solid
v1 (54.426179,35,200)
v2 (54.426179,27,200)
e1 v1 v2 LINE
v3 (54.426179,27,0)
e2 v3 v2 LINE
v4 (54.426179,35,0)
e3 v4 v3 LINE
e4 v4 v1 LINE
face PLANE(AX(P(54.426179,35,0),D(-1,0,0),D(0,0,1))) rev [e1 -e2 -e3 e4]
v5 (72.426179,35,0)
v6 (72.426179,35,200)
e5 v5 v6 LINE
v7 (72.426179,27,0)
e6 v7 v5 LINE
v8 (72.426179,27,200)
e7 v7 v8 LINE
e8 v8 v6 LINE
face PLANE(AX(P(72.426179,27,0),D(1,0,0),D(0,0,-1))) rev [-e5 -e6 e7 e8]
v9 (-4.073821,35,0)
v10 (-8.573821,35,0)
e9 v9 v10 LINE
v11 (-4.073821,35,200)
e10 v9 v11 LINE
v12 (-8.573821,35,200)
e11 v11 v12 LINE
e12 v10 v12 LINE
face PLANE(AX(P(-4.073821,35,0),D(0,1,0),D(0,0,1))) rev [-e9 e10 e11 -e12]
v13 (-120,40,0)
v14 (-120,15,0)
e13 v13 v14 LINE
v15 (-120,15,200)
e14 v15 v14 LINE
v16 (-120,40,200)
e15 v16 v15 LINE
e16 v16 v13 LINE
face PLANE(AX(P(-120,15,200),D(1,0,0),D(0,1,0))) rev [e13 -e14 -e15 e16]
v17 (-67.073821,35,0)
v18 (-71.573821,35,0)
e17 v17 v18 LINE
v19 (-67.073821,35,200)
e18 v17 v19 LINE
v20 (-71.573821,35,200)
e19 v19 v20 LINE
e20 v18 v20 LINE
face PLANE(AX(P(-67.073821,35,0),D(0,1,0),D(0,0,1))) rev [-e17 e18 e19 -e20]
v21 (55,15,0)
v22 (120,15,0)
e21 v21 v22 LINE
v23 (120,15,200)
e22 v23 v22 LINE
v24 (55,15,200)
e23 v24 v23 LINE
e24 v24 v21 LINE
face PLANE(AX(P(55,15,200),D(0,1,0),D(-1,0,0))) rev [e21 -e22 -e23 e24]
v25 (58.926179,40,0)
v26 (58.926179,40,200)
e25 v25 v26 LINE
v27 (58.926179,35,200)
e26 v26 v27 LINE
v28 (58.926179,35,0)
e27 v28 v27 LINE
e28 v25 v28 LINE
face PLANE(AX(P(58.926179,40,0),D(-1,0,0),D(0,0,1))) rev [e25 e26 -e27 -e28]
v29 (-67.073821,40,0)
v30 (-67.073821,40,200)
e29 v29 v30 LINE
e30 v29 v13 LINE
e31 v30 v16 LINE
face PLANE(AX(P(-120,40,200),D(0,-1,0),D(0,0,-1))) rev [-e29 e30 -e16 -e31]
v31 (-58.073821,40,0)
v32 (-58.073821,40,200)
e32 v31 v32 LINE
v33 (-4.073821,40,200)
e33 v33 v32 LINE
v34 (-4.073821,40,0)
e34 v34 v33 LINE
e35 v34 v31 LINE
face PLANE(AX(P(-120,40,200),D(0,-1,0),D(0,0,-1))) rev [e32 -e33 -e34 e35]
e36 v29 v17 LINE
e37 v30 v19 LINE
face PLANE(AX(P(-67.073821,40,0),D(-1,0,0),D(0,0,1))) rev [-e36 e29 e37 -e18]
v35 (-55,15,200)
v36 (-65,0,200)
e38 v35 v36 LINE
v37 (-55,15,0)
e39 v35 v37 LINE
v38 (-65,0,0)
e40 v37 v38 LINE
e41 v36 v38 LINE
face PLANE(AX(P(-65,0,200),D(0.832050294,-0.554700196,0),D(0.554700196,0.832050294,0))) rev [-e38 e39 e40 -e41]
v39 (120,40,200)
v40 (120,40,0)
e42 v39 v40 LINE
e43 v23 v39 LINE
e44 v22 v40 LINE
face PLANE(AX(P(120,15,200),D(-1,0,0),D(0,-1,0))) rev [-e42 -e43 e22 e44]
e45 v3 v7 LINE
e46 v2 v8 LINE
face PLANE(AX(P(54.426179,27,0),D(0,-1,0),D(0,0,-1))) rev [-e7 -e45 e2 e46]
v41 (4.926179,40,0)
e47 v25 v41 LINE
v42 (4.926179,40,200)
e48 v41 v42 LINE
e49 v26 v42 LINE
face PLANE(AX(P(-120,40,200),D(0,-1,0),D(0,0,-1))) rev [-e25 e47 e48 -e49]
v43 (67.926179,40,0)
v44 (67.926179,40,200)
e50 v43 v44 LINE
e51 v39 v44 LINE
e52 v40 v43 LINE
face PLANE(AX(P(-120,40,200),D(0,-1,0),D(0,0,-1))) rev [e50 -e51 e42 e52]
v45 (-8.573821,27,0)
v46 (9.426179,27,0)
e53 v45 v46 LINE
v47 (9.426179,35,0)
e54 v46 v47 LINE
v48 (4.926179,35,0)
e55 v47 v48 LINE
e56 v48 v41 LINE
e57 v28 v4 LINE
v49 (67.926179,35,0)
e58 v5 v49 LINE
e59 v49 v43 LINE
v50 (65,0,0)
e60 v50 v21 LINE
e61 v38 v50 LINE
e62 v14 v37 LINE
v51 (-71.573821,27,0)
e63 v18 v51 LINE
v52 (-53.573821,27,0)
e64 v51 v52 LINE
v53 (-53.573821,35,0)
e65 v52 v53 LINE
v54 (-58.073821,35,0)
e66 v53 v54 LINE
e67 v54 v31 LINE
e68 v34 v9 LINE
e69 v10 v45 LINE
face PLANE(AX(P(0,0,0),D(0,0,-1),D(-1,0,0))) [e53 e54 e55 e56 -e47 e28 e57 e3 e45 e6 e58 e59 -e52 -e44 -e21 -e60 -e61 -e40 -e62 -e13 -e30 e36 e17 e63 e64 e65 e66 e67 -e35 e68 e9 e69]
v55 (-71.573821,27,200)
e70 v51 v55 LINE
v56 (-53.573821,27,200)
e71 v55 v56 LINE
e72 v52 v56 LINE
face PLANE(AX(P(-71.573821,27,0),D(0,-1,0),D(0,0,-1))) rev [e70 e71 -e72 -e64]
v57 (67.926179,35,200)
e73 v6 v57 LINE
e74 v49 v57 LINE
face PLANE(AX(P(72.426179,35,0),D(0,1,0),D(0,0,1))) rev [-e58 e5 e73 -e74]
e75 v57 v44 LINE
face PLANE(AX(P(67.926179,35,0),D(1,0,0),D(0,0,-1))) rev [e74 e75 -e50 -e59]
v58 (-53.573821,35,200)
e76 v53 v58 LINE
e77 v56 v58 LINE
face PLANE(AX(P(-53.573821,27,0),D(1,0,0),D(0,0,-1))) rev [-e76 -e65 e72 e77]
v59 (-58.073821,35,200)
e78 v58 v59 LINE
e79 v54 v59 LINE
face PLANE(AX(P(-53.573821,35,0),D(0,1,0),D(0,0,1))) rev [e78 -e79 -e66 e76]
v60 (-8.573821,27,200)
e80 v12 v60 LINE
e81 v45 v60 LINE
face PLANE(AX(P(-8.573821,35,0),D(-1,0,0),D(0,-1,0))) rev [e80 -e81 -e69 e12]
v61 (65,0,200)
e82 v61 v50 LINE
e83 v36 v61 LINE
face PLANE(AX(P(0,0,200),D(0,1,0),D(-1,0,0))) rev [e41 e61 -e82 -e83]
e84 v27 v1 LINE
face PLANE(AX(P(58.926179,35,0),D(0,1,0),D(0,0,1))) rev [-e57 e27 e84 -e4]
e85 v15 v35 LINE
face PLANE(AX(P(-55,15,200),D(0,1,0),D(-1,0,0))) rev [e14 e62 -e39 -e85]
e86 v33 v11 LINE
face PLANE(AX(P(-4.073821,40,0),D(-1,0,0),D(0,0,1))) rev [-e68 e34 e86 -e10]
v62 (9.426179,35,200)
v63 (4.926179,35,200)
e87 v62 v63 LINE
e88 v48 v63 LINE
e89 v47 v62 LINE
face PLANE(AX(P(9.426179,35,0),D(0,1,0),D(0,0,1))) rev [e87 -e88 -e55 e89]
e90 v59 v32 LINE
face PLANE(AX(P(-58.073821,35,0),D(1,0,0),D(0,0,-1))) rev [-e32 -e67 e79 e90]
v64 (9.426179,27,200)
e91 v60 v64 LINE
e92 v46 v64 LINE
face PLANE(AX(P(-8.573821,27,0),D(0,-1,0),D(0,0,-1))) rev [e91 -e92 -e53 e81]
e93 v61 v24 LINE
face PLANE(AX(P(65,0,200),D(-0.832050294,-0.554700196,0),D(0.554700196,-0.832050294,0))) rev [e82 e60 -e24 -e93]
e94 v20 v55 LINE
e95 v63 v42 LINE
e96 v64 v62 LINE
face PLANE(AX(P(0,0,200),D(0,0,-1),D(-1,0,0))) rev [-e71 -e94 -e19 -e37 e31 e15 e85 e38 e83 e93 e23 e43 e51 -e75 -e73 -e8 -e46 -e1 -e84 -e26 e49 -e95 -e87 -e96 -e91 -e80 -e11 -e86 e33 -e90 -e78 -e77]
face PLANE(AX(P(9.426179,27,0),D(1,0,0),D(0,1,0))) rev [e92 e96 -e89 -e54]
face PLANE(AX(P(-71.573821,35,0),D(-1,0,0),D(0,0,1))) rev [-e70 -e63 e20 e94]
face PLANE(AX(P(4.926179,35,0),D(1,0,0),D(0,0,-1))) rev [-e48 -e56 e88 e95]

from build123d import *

# Parameters (mm, degrees)
EXTRUDE_1_DEPTH     = 200
CUT_EXTRUDE_1_DEPTH = 201


with BuildPart() as part:
    # Эскиз1 → Бобышка-Вытянуть1 (new body)
    with BuildSketch(Plane.XY):
        Polygon((0, 0), (65, 0), (55, 15), (120, 15), (120, 40), (0, 40), (-120, 40), (-120, 15), (-55, 15), (-65, 0), align=None)
    extrude(amount=EXTRUDE_1_DEPTH)

    # Эскиз2 → Вырез-Вытянуть1 (cut, through all)
    with BuildSketch(Plane.XY.offset(200)):
        Polygon((-8.573821021, 27), (9.426178979, 27), (9.426178979, 35), (4.926178979, 35), (4.926178979, 40), (-4.073821021, 40), (-4.073821021, 35), (-8.573821021, 35), align=None)
        Polygon((54.426178979, 27), (72.426178979, 27), (72.426178979, 35), (67.926178979, 35), (67.926178979, 40), (58.926178979, 40), (58.926178979, 35), (54.426178979, 35), align=None)
        Polygon((-71.573821021, 27), (-53.573821021, 27), (-53.573821021, 35), (-58.073821021, 35), (-58.073821021, 40), (-67.073821021, 40), (-67.073821021, 35), (-71.573821021, 35), align=None)
    extrude(amount=-CUT_EXTRUDE_1_DEPTH, mode=Mode.SUBTRACT)


solid = part.part
